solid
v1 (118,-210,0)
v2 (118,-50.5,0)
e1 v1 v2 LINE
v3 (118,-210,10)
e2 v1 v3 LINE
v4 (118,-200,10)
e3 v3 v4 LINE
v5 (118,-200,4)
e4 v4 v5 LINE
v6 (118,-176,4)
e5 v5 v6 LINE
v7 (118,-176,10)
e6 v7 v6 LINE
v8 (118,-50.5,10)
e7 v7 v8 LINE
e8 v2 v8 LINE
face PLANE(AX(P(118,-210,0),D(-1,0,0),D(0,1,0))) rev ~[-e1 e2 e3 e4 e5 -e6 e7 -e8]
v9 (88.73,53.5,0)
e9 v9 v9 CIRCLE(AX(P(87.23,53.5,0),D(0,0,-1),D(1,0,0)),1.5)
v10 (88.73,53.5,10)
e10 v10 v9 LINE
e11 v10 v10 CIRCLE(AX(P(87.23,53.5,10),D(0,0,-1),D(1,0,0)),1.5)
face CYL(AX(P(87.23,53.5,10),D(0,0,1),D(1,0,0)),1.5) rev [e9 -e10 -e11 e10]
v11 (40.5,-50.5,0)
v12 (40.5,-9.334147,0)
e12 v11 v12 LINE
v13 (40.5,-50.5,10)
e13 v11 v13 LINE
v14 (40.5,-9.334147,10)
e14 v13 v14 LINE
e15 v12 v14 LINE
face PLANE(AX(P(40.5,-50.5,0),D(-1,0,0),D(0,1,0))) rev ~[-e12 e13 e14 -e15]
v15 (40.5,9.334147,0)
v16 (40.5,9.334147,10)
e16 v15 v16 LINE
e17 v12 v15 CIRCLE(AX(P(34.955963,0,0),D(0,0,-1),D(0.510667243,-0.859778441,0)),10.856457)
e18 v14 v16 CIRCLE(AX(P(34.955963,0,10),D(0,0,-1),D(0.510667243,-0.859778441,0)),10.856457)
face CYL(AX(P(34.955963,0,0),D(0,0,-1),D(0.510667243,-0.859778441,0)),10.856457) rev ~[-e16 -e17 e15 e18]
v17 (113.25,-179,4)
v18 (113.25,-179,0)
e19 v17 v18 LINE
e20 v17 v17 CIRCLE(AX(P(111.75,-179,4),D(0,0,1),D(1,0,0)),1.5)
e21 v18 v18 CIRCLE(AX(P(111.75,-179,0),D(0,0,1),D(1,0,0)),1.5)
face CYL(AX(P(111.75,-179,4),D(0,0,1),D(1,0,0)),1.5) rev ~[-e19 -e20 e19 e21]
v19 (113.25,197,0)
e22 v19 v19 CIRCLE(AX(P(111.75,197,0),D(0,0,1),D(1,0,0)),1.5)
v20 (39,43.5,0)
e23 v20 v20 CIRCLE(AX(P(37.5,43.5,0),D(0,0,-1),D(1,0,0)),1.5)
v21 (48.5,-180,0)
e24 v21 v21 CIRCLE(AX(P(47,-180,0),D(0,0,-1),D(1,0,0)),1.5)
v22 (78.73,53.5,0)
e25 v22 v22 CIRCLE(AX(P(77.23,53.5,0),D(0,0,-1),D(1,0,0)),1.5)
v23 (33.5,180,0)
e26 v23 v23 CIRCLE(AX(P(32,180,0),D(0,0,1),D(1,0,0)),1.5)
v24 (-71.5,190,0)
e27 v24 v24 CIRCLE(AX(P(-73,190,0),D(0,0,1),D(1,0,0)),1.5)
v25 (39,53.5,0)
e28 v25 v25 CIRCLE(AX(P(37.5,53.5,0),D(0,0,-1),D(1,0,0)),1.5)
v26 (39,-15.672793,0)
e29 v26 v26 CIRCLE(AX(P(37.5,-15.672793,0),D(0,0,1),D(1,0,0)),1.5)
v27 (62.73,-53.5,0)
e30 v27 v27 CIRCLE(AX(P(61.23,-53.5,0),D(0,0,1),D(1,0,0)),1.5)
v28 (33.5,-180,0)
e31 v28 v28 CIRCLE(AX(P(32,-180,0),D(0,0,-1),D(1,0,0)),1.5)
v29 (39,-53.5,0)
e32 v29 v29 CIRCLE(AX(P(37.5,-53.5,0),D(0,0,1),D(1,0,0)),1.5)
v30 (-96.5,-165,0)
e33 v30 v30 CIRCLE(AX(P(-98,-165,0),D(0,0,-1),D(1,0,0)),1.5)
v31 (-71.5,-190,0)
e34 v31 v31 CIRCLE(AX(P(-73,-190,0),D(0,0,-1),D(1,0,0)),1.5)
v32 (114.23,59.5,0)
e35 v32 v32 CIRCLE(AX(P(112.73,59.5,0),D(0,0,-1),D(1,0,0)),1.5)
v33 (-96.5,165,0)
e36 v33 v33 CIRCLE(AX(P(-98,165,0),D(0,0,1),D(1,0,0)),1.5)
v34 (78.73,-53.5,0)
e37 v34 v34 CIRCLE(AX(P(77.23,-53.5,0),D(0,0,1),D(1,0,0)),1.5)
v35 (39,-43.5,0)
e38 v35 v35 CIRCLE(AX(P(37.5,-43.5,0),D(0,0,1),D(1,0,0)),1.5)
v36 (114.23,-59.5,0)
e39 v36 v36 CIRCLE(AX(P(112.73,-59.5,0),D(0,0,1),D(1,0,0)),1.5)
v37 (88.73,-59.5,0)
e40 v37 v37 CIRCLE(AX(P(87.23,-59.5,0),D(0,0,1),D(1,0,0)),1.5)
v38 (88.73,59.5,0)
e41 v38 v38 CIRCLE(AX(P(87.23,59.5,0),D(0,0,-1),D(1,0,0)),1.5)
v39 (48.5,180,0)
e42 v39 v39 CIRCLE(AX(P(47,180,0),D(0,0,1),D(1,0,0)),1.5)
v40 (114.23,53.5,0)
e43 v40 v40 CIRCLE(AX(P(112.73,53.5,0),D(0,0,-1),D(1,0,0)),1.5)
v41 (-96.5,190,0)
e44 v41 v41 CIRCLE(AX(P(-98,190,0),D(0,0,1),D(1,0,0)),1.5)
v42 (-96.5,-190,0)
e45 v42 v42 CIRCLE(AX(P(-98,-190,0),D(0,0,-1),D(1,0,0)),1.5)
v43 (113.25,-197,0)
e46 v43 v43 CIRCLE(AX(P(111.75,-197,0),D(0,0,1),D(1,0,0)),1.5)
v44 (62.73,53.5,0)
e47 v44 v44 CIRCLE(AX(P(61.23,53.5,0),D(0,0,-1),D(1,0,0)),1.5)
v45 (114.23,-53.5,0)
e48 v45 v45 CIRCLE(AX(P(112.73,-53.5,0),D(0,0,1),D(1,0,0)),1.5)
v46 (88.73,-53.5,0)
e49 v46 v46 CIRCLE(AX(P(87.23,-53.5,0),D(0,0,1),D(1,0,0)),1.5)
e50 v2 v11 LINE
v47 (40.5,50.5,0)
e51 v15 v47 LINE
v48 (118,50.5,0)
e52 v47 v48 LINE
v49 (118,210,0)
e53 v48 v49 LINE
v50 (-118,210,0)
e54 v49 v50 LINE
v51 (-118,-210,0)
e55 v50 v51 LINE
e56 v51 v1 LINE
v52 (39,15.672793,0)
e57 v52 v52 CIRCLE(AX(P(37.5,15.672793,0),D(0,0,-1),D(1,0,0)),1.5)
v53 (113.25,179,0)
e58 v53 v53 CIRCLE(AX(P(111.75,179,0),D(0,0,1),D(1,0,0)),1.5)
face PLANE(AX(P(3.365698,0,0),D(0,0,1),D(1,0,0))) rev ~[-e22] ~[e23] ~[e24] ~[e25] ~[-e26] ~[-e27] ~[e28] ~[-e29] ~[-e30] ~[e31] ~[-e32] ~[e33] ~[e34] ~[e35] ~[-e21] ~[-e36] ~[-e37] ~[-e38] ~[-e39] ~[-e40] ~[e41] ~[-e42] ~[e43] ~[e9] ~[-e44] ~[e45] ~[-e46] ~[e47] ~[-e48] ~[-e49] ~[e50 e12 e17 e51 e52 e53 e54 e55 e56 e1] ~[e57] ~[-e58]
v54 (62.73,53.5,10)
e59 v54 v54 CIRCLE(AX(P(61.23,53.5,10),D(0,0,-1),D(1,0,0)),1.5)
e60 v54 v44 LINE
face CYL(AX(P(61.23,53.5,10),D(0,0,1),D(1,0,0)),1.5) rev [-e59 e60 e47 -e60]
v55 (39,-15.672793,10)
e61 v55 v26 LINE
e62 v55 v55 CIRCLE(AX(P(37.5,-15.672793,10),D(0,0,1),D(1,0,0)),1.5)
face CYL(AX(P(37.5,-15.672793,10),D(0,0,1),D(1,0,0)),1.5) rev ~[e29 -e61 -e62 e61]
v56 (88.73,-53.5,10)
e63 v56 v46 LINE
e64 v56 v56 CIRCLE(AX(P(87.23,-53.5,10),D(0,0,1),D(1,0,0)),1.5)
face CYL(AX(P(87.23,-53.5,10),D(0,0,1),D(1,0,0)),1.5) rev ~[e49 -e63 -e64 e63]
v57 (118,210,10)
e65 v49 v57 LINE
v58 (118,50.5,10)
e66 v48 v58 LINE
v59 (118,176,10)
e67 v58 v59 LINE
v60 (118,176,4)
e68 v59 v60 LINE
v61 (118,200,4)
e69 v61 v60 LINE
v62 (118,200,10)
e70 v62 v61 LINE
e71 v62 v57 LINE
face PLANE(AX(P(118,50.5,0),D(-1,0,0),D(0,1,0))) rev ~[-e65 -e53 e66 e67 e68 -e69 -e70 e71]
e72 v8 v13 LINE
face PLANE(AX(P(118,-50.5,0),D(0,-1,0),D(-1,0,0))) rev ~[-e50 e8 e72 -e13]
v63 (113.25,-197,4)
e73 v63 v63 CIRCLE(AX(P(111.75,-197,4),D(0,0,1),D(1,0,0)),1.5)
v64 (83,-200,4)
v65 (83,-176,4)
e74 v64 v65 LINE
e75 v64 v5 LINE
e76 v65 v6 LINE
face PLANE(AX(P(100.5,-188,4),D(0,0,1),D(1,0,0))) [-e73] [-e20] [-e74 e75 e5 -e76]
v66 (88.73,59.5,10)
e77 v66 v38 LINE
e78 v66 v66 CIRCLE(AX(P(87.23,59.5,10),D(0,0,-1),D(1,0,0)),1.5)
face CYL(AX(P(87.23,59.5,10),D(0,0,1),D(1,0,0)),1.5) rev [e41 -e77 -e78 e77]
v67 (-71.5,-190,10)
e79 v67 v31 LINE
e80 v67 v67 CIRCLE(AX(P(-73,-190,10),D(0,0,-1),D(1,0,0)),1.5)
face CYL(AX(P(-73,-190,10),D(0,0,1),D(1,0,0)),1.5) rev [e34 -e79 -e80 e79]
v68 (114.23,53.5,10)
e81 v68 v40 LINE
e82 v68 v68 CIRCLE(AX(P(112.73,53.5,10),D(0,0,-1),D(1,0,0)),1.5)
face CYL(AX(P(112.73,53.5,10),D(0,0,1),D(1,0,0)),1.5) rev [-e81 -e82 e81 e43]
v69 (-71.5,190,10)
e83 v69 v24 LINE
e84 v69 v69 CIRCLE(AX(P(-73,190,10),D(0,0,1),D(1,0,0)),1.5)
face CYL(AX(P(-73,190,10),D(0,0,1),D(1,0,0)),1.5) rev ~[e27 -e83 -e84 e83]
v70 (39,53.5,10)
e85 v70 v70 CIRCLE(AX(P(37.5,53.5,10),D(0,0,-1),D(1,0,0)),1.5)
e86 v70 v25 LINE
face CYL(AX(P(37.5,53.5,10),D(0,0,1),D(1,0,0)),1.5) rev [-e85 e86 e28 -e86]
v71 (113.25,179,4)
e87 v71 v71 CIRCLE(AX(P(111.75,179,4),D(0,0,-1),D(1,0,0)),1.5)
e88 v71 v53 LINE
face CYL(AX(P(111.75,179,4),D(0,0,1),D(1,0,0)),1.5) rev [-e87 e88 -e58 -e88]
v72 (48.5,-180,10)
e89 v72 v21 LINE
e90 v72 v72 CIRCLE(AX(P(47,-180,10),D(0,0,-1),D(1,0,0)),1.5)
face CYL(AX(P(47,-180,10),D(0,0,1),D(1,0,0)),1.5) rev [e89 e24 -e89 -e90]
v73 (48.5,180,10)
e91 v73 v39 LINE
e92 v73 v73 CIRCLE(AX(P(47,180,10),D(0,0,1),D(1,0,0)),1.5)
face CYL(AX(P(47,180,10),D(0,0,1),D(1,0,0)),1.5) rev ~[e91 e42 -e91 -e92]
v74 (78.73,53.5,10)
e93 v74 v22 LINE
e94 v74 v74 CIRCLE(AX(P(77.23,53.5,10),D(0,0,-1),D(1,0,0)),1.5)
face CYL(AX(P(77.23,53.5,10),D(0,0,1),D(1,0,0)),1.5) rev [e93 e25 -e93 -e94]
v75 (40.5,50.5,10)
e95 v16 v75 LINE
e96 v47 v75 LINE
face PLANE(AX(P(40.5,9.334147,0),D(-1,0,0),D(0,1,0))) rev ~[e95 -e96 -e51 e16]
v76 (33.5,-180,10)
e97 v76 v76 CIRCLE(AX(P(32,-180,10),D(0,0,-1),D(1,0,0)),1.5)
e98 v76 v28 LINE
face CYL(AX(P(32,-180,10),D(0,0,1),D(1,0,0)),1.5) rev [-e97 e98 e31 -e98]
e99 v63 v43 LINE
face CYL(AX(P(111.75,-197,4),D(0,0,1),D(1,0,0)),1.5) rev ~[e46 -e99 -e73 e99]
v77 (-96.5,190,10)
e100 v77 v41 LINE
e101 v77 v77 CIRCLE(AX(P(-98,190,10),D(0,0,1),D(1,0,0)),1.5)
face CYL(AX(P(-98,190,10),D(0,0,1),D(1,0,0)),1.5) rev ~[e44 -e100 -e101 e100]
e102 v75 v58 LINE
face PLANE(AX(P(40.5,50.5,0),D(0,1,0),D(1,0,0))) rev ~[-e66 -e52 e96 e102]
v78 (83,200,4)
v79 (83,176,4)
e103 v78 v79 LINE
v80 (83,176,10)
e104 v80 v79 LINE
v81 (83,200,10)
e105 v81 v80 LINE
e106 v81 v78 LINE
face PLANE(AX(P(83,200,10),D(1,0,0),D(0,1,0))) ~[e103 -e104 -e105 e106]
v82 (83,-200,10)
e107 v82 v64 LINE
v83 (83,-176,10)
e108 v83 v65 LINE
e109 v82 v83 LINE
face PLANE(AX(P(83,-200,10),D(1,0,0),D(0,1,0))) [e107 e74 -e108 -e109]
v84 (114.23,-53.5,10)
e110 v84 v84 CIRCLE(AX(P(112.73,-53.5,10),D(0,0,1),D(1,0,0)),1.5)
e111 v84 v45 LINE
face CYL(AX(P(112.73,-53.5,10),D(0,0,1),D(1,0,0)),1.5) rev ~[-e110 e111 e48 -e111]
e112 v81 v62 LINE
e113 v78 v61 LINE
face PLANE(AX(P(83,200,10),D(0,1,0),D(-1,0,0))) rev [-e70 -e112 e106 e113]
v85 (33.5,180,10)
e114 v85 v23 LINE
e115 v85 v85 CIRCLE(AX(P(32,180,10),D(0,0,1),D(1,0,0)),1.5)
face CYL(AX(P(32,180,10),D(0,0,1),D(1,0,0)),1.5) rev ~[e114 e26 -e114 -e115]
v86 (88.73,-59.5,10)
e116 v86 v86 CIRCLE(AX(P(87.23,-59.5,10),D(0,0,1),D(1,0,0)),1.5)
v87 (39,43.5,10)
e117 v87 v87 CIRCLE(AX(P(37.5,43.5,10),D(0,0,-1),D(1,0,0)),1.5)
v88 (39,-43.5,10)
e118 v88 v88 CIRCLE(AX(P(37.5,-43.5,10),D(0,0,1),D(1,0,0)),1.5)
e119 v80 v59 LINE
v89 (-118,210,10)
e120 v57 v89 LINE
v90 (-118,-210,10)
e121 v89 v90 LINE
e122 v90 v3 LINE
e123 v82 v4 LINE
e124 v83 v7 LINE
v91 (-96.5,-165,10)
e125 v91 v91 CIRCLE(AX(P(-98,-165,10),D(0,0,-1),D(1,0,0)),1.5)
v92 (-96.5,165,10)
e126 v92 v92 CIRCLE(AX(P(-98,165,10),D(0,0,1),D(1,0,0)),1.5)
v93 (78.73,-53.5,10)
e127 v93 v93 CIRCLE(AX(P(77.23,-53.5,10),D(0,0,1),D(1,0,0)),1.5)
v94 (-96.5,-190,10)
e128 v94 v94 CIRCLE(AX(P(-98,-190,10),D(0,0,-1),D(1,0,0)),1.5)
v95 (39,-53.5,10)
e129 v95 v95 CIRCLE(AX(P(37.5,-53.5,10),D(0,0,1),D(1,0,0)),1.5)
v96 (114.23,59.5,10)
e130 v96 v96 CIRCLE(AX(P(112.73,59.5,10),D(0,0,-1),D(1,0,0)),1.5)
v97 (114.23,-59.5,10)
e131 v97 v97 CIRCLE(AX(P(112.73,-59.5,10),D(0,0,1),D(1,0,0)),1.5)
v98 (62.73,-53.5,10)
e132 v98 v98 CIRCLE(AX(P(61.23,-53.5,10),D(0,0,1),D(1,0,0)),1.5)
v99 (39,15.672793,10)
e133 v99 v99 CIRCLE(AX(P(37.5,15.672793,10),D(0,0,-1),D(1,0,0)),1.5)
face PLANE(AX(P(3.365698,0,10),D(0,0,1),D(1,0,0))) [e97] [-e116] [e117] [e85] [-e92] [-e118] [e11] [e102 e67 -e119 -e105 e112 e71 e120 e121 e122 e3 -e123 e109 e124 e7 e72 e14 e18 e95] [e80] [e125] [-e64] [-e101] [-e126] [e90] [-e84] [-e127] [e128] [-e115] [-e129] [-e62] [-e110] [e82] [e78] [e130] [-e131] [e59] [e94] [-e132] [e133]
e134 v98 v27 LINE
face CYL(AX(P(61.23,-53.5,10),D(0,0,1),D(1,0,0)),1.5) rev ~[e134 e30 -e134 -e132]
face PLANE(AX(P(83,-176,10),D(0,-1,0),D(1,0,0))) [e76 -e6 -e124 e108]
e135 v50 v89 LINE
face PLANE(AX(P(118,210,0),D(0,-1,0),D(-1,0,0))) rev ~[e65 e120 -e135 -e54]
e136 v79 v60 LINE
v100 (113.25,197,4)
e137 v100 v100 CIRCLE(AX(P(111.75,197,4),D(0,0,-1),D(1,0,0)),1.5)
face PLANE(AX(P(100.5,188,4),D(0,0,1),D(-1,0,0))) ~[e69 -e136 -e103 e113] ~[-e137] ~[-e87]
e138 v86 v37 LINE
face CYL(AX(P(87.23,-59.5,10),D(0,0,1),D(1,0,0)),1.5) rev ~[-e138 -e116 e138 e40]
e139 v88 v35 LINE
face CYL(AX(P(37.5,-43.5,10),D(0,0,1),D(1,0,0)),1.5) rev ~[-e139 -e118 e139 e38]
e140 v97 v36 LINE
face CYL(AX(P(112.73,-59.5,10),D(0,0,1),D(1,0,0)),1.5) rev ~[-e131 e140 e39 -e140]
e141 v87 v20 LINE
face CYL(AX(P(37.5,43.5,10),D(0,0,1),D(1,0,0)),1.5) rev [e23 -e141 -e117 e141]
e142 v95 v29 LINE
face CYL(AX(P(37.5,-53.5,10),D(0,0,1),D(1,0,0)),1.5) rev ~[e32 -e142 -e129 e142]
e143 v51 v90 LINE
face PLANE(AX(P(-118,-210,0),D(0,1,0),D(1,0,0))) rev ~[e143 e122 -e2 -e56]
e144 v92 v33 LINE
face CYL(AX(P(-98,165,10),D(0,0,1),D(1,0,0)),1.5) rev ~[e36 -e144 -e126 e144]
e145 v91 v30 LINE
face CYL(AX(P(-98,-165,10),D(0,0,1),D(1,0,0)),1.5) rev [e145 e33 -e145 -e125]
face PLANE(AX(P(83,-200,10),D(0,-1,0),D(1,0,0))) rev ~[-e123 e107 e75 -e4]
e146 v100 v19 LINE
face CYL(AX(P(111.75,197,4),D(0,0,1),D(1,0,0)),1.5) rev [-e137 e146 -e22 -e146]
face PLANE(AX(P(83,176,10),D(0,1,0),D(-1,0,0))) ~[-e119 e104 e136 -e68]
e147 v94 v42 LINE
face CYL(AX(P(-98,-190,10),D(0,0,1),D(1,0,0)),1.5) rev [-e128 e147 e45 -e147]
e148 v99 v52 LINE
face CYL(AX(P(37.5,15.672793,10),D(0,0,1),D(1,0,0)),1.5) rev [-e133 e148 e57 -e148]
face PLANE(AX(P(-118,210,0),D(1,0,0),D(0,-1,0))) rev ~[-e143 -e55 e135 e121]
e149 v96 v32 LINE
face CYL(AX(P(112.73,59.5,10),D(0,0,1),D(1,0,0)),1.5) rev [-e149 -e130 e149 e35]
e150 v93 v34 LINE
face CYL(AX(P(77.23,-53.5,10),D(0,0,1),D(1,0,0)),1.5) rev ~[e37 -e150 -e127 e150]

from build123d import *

# Parameters (mm, degrees)
EXTRUDE_1_DEPTH     = 10
SKETCH_2_R          = 1.5
CUT_EXTRUDE_1_DEPTH = 10
SKETCH_3_R          = 1.5
CUT_EXTRUDE_2_DEPTH = 10
SKETCH_4_R          = 1.5
CUT_EXTRUDE_3_DEPTH = 10
SKETCH_5_W          = 35
SKETCH_5_H          = 24
CUT_EXTRUDE_4_DEPTH = 6
SKETCH_6_R          = 1.5
CUT_EXTRUDE_5_DEPTH = 241.956427596


with BuildPart() as part:
    # 草图1 → 凸台-拉伸1 (new body)
    with BuildSketch(Plane.XY):
        with BuildLine():
            Line((118, 210), (-118, 210))
            Line((-118, 210), (-118, -210))
            Line((-118, -210), (118, -210))
            Line((118, -210), (118, -50.5))
            Line((118, -50.5), (40.5, -50.5))
            Line((40.5, -50.5), (40.5, -9.334147293))
            ThreePointArc((40.5, -9.334147293), (24.099506706, 0), (40.5, 9.334147293))
            Line((40.5, 9.334147293), (40.5, 50.5))
            Line((40.5, 50.5), (118, 50.5))
            Line((118, 50.5), (118, 210))
        make_face()
    extrude(amount=EXTRUDE_1_DEPTH)

    # 草图2 → 切除-拉伸1 (cut)
    with BuildSketch(Plane.XY.offset(10)):
        with Locations((-98, 165)):
            Circle(SKETCH_2_R)
        with Locations((-73, 190)):
            Circle(SKETCH_2_R)
        with Locations((-98, 190)):
            Circle(SKETCH_2_R)
    cut_extrude_1 = extrude(amount=-CUT_EXTRUDE_1_DEPTH, mode=Mode.SUBTRACT)

    # 草图3 → 切除-拉伸2 (cut)
    with BuildSketch(Plane.XY.offset(10)):
        with Locations((37.5, -15.672792958)):
            Circle(SKETCH_3_R)
        with Locations((112.73, -53.5)):
            Circle(SKETCH_3_R)
        with Locations((112.73, -59.5)):
            Circle(SKETCH_3_R)
        with Locations((87.23, -53.5)):
            Circle(SKETCH_3_R)
        with Locations((87.23, -59.5)):
            Circle(SKETCH_3_R)
        with Locations((77.23, -53.5)):
            Circle(SKETCH_3_R)
        with Locations((61.23, -53.5)):
            Circle(SKETCH_3_R)
        with Locations((37.5, -53.5)):
            Circle(SKETCH_3_R)
        with Locations((37.5, -43.5)):
            Circle(SKETCH_3_R)
    cut_extrude_2 = extrude(amount=-CUT_EXTRUDE_2_DEPTH, mode=Mode.SUBTRACT)

    # 镜向1: 切除-拉伸2 across plane
    add(cut_extrude_2.mirror(Plane.ZX), mode=Mode.SUBTRACT)

    # 镜向2: 切除-拉伸1 across plane
    add(cut_extrude_1.mirror(Plane.ZX), mode=Mode.SUBTRACT)

    # 草图4 → 切除-拉伸3 (cut)
    with BuildSketch(Plane.XY.offset(10)):
        with Locations((32, 180)):
            Circle(SKETCH_4_R)
        with Locations((47, 180)):
            Circle(SKETCH_4_R)
    cut_extrude_3 = extrude(amount=-CUT_EXTRUDE_3_DEPTH, mode=Mode.SUBTRACT)

    # 镜向3: 切除-拉伸3 across plane
    add(cut_extrude_3.mirror(Plane.ZX), mode=Mode.SUBTRACT)

    # 草图5 → 切除-拉伸4 (cut)
    with BuildSketch(Plane.XY.offset(10)):
        with Locations((100.5, -188)):
            Rectangle(SKETCH_5_W, SKETCH_5_H)
    cut_extrude_4 = extrude(amount=-CUT_EXTRUDE_4_DEPTH, mode=Mode.SUBTRACT)

    # 草图6 → 切除-拉伸5 (cut, through all)
    with BuildSketch(Plane.XY.offset(4)):
        with Locations((111.75, -179)):
            Circle(SKETCH_6_R)
        with Locations((111.75, -197)):
            Circle(SKETCH_6_R)
    cut_extrude_5 = extrude(amount=-CUT_EXTRUDE_5_DEPTH, mode=Mode.SUBTRACT)

    # 镜向4: 切除-拉伸4, 切除-拉伸5 across plane
    add(cut_extrude_4.mirror(Plane.ZX), mode=Mode.SUBTRACT)
    add(cut_extrude_5.mirror(Plane.ZX), mode=Mode.SUBTRACT)


solid = part.part
